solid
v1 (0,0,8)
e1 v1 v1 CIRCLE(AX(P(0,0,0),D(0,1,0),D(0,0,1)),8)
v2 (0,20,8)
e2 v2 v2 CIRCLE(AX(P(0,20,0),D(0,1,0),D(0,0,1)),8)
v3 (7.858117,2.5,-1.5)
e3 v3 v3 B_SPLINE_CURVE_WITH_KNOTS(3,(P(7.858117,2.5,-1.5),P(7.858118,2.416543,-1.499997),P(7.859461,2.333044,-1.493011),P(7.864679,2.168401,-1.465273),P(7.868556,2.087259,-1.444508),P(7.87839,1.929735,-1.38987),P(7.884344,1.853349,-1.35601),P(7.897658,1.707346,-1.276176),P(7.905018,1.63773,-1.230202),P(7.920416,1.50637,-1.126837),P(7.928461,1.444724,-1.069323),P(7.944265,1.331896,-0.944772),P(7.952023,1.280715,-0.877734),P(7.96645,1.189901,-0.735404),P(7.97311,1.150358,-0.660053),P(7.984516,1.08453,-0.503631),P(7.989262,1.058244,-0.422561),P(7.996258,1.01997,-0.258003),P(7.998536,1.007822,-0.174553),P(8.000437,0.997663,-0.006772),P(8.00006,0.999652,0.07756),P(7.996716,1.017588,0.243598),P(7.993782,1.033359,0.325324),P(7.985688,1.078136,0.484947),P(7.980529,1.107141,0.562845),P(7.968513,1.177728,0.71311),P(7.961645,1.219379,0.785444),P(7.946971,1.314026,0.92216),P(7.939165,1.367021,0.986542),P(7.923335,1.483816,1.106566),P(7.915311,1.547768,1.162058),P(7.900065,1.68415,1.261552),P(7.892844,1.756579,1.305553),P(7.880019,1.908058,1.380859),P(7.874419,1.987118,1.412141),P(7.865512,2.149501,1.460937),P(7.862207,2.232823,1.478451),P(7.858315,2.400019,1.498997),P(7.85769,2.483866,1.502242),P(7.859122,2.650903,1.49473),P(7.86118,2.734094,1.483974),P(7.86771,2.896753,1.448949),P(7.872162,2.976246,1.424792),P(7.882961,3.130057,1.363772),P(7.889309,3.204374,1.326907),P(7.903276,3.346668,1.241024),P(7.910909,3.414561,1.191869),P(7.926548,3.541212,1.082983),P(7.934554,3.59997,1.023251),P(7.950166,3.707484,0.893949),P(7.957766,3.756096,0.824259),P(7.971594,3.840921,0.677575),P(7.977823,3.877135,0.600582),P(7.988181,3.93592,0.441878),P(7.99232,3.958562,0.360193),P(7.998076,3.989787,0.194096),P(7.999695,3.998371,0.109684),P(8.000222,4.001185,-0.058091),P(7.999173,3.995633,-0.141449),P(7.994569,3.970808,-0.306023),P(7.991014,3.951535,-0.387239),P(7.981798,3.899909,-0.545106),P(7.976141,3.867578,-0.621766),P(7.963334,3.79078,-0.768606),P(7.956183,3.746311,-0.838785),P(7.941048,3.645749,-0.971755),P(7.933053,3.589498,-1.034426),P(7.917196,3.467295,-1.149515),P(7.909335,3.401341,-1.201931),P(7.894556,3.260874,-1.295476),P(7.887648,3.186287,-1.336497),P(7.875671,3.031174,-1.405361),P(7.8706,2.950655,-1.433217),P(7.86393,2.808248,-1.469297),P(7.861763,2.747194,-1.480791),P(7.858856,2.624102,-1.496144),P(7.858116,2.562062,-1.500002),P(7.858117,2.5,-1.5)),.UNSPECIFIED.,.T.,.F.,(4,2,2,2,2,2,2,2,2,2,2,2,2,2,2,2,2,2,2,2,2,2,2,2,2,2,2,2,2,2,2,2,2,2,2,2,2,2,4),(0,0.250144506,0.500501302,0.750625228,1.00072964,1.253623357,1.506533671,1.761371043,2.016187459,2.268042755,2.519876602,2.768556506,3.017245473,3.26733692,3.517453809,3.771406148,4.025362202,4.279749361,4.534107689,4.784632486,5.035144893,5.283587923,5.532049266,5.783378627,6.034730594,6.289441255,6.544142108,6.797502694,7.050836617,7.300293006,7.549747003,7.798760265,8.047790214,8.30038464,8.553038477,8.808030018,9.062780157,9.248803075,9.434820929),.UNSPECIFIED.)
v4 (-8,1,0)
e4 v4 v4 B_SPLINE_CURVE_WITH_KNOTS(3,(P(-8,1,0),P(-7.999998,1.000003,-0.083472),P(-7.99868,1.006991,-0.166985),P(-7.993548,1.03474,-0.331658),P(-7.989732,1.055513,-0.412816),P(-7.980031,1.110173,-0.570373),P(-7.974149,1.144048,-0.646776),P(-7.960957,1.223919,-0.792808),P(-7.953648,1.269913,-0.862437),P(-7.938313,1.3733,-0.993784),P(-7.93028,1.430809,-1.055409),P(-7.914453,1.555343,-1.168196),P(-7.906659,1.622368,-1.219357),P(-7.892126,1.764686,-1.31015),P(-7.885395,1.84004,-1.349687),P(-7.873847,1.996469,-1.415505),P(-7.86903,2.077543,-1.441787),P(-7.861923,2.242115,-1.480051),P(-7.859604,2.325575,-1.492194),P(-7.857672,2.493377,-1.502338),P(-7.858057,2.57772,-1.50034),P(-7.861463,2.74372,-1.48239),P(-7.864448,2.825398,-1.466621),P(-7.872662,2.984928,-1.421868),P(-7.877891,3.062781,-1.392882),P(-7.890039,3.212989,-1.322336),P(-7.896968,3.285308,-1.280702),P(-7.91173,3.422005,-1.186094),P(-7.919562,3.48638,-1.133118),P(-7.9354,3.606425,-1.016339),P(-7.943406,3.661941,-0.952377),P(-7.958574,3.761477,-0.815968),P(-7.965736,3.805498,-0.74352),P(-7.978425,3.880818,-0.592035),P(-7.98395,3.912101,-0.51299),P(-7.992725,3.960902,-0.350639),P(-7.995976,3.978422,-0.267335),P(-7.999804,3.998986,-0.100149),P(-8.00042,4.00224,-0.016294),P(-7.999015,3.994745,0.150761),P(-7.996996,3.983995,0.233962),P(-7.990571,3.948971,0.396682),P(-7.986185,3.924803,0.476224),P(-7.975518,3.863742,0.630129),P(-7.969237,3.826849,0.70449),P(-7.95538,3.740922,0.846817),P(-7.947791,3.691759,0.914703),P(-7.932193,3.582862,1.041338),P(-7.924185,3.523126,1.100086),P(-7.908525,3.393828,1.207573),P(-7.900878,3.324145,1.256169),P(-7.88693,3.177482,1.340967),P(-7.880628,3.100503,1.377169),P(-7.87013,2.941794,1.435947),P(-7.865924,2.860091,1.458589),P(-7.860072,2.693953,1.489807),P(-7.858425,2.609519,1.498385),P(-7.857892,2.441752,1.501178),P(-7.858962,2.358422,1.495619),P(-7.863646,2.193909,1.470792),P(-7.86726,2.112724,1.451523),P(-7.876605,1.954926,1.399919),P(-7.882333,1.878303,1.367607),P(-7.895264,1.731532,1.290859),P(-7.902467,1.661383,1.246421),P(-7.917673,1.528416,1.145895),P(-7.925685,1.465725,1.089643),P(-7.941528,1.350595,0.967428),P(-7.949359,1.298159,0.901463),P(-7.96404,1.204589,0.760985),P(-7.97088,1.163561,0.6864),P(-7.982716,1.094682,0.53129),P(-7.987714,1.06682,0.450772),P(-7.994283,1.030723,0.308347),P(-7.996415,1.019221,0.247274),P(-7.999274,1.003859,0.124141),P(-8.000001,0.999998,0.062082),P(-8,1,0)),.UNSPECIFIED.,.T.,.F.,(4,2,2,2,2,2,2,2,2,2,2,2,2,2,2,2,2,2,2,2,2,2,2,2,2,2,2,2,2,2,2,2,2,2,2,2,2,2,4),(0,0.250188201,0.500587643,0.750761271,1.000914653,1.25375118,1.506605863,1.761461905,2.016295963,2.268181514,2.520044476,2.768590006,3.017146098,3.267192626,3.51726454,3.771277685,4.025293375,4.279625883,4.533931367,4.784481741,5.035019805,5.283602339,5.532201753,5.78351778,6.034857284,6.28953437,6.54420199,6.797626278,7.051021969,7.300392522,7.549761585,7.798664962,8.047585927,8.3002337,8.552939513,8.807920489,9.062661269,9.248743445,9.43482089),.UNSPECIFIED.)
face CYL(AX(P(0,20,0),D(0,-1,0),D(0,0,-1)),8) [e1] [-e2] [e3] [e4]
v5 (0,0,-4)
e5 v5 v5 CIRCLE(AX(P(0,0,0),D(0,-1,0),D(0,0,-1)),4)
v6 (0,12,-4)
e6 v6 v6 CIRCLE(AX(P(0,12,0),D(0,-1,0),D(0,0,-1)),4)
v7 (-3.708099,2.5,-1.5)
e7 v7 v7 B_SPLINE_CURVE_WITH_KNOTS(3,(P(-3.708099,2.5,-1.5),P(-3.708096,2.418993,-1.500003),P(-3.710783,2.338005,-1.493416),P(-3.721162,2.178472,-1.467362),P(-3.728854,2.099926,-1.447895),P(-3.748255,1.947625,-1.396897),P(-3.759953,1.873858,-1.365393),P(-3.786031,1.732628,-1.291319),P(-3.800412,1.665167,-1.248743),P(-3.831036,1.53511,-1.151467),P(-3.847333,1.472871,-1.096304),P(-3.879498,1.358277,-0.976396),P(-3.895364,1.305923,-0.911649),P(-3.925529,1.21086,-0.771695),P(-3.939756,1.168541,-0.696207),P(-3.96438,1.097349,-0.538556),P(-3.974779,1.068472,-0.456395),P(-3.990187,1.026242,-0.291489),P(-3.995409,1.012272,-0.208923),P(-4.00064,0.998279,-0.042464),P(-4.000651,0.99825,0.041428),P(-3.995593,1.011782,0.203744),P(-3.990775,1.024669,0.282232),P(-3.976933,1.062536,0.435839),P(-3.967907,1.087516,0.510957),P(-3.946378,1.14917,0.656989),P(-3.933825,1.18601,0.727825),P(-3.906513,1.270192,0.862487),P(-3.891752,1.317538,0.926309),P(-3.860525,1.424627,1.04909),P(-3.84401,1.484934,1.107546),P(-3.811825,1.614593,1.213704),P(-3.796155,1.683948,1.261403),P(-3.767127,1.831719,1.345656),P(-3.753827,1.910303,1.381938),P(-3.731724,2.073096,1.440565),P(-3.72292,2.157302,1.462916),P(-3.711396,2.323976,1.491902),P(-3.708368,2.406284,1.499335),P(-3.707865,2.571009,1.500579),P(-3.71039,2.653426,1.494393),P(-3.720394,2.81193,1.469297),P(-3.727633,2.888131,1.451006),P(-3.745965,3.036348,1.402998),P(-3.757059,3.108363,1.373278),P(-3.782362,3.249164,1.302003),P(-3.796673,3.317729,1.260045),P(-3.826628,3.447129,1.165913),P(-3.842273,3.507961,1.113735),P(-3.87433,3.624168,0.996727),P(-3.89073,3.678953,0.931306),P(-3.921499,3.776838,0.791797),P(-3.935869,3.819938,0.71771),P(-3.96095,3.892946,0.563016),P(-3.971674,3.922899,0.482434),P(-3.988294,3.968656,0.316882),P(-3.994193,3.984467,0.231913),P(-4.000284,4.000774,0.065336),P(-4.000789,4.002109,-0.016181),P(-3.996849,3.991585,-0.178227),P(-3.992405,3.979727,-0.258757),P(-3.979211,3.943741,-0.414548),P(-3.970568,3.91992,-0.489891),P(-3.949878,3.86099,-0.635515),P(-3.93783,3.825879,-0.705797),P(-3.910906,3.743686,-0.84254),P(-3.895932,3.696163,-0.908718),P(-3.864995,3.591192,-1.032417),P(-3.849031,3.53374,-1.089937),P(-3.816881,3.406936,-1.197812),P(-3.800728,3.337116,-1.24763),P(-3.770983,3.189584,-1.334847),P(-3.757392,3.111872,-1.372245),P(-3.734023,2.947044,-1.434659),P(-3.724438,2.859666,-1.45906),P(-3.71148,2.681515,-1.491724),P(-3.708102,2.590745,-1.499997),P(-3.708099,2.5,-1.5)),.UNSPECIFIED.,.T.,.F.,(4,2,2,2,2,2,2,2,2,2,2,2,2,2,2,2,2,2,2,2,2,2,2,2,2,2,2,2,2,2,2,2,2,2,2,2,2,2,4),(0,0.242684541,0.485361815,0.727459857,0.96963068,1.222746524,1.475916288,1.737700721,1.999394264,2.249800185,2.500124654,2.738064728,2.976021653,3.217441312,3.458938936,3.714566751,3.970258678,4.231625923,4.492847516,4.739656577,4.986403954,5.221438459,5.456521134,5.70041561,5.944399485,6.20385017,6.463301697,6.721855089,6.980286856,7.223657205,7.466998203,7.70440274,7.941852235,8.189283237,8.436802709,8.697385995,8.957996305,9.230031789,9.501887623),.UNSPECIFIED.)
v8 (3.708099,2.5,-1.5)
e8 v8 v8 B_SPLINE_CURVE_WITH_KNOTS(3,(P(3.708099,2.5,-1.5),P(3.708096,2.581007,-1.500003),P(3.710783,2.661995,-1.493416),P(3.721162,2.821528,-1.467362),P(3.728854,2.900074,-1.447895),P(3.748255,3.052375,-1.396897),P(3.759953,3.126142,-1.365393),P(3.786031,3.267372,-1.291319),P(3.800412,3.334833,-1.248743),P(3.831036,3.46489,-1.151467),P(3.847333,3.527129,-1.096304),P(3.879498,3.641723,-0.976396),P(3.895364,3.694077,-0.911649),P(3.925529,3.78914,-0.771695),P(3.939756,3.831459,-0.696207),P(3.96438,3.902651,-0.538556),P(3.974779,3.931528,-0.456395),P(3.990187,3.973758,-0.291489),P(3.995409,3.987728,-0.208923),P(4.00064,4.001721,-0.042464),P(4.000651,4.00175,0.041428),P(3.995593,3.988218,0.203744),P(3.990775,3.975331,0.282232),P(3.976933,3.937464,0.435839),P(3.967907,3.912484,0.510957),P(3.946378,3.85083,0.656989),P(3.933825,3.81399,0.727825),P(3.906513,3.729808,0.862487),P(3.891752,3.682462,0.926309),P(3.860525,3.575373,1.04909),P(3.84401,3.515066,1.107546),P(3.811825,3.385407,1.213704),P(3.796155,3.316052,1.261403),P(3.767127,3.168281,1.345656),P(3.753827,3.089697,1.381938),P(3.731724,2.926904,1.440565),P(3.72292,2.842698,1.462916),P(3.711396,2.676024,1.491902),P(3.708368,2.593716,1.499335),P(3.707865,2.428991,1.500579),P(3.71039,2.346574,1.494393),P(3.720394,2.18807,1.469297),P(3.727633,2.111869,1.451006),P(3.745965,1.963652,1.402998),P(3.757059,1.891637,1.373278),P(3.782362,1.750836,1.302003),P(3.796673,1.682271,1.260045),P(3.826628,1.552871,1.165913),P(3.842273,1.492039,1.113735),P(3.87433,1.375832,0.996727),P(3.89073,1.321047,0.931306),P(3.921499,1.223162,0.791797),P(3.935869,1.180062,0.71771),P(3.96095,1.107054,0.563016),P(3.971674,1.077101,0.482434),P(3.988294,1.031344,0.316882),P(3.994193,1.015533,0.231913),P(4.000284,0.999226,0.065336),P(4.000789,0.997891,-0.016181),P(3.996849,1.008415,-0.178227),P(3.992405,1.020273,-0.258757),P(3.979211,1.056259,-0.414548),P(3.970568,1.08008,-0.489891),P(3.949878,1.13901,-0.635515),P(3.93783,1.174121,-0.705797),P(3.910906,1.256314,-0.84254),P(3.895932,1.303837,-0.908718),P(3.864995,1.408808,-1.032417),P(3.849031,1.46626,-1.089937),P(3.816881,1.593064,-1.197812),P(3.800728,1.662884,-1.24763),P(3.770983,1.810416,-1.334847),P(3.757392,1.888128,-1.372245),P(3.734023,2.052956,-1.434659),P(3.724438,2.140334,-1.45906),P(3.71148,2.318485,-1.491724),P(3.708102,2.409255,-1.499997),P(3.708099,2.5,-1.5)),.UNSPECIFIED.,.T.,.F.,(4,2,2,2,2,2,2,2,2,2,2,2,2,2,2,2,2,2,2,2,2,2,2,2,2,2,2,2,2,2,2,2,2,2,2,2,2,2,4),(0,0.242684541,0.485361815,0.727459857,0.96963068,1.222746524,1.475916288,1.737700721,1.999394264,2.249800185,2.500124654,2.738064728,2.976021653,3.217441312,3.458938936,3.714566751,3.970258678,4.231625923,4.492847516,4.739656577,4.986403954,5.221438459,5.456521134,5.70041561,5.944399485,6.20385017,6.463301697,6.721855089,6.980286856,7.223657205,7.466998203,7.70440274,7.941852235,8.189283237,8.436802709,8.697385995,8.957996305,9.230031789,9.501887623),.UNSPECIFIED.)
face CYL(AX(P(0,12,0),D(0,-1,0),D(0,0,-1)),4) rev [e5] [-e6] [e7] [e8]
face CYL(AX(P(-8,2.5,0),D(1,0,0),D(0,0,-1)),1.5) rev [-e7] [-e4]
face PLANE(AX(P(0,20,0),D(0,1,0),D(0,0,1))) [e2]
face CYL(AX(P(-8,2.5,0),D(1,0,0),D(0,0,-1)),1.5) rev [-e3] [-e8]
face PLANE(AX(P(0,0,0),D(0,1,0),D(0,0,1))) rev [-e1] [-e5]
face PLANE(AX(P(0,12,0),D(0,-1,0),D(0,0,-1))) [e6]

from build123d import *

# Parameters (mm, degrees)
SKETCH3_R               = 8
BOSS_EXTRUDE1_DEPTH     = 20
SKETCH4_R               = 4
CUT_EXTRUDE1_DEPTH      = 12
CUT_EXTRUDE2_DEPTH      = 23.978250586
CUT_EXTRUDE2_DEPTH_BACK = 23.978250586
SKETCH5_R               = 1.5


with BuildPart() as part:
    # Sketch3 → Boss-Extrude1 (new body)
    with BuildSketch(Plane(origin=(0, 0, 0), x_dir=(1, 0, 0), z_dir=(0, 1, 0))):
        with Locations(Location((0, 0, 0), (0, 0, 270))):
            Circle(SKETCH3_R)
    extrude(amount=BOSS_EXTRUDE1_DEPTH)

    # Sketch4 → Cut-Extrude1 (cut)
    with BuildSketch(Plane.XZ):
        with Locations(Location((0, 0, 0), (0, 0, 270))):
            Circle(SKETCH4_R)
    extrude(amount=-CUT_EXTRUDE1_DEPTH, mode=Mode.SUBTRACT)

    # Sketch5 → Cut-Extrude2 (cut, two sides: drawn at the far end of the back side and taken through both)
    with BuildSketch(Plane(origin=(0, 0, 0), x_dir=(0, 0, -1), z_dir=(1, 0, 0)).offset(-CUT_EXTRUDE2_DEPTH_BACK)):
        with Locations((0, 2.5)):
            Circle(SKETCH5_R)
    extrude(amount=CUT_EXTRUDE2_DEPTH + CUT_EXTRUDE2_DEPTH_BACK, mode=Mode.SUBTRACT)


solid = part.part
